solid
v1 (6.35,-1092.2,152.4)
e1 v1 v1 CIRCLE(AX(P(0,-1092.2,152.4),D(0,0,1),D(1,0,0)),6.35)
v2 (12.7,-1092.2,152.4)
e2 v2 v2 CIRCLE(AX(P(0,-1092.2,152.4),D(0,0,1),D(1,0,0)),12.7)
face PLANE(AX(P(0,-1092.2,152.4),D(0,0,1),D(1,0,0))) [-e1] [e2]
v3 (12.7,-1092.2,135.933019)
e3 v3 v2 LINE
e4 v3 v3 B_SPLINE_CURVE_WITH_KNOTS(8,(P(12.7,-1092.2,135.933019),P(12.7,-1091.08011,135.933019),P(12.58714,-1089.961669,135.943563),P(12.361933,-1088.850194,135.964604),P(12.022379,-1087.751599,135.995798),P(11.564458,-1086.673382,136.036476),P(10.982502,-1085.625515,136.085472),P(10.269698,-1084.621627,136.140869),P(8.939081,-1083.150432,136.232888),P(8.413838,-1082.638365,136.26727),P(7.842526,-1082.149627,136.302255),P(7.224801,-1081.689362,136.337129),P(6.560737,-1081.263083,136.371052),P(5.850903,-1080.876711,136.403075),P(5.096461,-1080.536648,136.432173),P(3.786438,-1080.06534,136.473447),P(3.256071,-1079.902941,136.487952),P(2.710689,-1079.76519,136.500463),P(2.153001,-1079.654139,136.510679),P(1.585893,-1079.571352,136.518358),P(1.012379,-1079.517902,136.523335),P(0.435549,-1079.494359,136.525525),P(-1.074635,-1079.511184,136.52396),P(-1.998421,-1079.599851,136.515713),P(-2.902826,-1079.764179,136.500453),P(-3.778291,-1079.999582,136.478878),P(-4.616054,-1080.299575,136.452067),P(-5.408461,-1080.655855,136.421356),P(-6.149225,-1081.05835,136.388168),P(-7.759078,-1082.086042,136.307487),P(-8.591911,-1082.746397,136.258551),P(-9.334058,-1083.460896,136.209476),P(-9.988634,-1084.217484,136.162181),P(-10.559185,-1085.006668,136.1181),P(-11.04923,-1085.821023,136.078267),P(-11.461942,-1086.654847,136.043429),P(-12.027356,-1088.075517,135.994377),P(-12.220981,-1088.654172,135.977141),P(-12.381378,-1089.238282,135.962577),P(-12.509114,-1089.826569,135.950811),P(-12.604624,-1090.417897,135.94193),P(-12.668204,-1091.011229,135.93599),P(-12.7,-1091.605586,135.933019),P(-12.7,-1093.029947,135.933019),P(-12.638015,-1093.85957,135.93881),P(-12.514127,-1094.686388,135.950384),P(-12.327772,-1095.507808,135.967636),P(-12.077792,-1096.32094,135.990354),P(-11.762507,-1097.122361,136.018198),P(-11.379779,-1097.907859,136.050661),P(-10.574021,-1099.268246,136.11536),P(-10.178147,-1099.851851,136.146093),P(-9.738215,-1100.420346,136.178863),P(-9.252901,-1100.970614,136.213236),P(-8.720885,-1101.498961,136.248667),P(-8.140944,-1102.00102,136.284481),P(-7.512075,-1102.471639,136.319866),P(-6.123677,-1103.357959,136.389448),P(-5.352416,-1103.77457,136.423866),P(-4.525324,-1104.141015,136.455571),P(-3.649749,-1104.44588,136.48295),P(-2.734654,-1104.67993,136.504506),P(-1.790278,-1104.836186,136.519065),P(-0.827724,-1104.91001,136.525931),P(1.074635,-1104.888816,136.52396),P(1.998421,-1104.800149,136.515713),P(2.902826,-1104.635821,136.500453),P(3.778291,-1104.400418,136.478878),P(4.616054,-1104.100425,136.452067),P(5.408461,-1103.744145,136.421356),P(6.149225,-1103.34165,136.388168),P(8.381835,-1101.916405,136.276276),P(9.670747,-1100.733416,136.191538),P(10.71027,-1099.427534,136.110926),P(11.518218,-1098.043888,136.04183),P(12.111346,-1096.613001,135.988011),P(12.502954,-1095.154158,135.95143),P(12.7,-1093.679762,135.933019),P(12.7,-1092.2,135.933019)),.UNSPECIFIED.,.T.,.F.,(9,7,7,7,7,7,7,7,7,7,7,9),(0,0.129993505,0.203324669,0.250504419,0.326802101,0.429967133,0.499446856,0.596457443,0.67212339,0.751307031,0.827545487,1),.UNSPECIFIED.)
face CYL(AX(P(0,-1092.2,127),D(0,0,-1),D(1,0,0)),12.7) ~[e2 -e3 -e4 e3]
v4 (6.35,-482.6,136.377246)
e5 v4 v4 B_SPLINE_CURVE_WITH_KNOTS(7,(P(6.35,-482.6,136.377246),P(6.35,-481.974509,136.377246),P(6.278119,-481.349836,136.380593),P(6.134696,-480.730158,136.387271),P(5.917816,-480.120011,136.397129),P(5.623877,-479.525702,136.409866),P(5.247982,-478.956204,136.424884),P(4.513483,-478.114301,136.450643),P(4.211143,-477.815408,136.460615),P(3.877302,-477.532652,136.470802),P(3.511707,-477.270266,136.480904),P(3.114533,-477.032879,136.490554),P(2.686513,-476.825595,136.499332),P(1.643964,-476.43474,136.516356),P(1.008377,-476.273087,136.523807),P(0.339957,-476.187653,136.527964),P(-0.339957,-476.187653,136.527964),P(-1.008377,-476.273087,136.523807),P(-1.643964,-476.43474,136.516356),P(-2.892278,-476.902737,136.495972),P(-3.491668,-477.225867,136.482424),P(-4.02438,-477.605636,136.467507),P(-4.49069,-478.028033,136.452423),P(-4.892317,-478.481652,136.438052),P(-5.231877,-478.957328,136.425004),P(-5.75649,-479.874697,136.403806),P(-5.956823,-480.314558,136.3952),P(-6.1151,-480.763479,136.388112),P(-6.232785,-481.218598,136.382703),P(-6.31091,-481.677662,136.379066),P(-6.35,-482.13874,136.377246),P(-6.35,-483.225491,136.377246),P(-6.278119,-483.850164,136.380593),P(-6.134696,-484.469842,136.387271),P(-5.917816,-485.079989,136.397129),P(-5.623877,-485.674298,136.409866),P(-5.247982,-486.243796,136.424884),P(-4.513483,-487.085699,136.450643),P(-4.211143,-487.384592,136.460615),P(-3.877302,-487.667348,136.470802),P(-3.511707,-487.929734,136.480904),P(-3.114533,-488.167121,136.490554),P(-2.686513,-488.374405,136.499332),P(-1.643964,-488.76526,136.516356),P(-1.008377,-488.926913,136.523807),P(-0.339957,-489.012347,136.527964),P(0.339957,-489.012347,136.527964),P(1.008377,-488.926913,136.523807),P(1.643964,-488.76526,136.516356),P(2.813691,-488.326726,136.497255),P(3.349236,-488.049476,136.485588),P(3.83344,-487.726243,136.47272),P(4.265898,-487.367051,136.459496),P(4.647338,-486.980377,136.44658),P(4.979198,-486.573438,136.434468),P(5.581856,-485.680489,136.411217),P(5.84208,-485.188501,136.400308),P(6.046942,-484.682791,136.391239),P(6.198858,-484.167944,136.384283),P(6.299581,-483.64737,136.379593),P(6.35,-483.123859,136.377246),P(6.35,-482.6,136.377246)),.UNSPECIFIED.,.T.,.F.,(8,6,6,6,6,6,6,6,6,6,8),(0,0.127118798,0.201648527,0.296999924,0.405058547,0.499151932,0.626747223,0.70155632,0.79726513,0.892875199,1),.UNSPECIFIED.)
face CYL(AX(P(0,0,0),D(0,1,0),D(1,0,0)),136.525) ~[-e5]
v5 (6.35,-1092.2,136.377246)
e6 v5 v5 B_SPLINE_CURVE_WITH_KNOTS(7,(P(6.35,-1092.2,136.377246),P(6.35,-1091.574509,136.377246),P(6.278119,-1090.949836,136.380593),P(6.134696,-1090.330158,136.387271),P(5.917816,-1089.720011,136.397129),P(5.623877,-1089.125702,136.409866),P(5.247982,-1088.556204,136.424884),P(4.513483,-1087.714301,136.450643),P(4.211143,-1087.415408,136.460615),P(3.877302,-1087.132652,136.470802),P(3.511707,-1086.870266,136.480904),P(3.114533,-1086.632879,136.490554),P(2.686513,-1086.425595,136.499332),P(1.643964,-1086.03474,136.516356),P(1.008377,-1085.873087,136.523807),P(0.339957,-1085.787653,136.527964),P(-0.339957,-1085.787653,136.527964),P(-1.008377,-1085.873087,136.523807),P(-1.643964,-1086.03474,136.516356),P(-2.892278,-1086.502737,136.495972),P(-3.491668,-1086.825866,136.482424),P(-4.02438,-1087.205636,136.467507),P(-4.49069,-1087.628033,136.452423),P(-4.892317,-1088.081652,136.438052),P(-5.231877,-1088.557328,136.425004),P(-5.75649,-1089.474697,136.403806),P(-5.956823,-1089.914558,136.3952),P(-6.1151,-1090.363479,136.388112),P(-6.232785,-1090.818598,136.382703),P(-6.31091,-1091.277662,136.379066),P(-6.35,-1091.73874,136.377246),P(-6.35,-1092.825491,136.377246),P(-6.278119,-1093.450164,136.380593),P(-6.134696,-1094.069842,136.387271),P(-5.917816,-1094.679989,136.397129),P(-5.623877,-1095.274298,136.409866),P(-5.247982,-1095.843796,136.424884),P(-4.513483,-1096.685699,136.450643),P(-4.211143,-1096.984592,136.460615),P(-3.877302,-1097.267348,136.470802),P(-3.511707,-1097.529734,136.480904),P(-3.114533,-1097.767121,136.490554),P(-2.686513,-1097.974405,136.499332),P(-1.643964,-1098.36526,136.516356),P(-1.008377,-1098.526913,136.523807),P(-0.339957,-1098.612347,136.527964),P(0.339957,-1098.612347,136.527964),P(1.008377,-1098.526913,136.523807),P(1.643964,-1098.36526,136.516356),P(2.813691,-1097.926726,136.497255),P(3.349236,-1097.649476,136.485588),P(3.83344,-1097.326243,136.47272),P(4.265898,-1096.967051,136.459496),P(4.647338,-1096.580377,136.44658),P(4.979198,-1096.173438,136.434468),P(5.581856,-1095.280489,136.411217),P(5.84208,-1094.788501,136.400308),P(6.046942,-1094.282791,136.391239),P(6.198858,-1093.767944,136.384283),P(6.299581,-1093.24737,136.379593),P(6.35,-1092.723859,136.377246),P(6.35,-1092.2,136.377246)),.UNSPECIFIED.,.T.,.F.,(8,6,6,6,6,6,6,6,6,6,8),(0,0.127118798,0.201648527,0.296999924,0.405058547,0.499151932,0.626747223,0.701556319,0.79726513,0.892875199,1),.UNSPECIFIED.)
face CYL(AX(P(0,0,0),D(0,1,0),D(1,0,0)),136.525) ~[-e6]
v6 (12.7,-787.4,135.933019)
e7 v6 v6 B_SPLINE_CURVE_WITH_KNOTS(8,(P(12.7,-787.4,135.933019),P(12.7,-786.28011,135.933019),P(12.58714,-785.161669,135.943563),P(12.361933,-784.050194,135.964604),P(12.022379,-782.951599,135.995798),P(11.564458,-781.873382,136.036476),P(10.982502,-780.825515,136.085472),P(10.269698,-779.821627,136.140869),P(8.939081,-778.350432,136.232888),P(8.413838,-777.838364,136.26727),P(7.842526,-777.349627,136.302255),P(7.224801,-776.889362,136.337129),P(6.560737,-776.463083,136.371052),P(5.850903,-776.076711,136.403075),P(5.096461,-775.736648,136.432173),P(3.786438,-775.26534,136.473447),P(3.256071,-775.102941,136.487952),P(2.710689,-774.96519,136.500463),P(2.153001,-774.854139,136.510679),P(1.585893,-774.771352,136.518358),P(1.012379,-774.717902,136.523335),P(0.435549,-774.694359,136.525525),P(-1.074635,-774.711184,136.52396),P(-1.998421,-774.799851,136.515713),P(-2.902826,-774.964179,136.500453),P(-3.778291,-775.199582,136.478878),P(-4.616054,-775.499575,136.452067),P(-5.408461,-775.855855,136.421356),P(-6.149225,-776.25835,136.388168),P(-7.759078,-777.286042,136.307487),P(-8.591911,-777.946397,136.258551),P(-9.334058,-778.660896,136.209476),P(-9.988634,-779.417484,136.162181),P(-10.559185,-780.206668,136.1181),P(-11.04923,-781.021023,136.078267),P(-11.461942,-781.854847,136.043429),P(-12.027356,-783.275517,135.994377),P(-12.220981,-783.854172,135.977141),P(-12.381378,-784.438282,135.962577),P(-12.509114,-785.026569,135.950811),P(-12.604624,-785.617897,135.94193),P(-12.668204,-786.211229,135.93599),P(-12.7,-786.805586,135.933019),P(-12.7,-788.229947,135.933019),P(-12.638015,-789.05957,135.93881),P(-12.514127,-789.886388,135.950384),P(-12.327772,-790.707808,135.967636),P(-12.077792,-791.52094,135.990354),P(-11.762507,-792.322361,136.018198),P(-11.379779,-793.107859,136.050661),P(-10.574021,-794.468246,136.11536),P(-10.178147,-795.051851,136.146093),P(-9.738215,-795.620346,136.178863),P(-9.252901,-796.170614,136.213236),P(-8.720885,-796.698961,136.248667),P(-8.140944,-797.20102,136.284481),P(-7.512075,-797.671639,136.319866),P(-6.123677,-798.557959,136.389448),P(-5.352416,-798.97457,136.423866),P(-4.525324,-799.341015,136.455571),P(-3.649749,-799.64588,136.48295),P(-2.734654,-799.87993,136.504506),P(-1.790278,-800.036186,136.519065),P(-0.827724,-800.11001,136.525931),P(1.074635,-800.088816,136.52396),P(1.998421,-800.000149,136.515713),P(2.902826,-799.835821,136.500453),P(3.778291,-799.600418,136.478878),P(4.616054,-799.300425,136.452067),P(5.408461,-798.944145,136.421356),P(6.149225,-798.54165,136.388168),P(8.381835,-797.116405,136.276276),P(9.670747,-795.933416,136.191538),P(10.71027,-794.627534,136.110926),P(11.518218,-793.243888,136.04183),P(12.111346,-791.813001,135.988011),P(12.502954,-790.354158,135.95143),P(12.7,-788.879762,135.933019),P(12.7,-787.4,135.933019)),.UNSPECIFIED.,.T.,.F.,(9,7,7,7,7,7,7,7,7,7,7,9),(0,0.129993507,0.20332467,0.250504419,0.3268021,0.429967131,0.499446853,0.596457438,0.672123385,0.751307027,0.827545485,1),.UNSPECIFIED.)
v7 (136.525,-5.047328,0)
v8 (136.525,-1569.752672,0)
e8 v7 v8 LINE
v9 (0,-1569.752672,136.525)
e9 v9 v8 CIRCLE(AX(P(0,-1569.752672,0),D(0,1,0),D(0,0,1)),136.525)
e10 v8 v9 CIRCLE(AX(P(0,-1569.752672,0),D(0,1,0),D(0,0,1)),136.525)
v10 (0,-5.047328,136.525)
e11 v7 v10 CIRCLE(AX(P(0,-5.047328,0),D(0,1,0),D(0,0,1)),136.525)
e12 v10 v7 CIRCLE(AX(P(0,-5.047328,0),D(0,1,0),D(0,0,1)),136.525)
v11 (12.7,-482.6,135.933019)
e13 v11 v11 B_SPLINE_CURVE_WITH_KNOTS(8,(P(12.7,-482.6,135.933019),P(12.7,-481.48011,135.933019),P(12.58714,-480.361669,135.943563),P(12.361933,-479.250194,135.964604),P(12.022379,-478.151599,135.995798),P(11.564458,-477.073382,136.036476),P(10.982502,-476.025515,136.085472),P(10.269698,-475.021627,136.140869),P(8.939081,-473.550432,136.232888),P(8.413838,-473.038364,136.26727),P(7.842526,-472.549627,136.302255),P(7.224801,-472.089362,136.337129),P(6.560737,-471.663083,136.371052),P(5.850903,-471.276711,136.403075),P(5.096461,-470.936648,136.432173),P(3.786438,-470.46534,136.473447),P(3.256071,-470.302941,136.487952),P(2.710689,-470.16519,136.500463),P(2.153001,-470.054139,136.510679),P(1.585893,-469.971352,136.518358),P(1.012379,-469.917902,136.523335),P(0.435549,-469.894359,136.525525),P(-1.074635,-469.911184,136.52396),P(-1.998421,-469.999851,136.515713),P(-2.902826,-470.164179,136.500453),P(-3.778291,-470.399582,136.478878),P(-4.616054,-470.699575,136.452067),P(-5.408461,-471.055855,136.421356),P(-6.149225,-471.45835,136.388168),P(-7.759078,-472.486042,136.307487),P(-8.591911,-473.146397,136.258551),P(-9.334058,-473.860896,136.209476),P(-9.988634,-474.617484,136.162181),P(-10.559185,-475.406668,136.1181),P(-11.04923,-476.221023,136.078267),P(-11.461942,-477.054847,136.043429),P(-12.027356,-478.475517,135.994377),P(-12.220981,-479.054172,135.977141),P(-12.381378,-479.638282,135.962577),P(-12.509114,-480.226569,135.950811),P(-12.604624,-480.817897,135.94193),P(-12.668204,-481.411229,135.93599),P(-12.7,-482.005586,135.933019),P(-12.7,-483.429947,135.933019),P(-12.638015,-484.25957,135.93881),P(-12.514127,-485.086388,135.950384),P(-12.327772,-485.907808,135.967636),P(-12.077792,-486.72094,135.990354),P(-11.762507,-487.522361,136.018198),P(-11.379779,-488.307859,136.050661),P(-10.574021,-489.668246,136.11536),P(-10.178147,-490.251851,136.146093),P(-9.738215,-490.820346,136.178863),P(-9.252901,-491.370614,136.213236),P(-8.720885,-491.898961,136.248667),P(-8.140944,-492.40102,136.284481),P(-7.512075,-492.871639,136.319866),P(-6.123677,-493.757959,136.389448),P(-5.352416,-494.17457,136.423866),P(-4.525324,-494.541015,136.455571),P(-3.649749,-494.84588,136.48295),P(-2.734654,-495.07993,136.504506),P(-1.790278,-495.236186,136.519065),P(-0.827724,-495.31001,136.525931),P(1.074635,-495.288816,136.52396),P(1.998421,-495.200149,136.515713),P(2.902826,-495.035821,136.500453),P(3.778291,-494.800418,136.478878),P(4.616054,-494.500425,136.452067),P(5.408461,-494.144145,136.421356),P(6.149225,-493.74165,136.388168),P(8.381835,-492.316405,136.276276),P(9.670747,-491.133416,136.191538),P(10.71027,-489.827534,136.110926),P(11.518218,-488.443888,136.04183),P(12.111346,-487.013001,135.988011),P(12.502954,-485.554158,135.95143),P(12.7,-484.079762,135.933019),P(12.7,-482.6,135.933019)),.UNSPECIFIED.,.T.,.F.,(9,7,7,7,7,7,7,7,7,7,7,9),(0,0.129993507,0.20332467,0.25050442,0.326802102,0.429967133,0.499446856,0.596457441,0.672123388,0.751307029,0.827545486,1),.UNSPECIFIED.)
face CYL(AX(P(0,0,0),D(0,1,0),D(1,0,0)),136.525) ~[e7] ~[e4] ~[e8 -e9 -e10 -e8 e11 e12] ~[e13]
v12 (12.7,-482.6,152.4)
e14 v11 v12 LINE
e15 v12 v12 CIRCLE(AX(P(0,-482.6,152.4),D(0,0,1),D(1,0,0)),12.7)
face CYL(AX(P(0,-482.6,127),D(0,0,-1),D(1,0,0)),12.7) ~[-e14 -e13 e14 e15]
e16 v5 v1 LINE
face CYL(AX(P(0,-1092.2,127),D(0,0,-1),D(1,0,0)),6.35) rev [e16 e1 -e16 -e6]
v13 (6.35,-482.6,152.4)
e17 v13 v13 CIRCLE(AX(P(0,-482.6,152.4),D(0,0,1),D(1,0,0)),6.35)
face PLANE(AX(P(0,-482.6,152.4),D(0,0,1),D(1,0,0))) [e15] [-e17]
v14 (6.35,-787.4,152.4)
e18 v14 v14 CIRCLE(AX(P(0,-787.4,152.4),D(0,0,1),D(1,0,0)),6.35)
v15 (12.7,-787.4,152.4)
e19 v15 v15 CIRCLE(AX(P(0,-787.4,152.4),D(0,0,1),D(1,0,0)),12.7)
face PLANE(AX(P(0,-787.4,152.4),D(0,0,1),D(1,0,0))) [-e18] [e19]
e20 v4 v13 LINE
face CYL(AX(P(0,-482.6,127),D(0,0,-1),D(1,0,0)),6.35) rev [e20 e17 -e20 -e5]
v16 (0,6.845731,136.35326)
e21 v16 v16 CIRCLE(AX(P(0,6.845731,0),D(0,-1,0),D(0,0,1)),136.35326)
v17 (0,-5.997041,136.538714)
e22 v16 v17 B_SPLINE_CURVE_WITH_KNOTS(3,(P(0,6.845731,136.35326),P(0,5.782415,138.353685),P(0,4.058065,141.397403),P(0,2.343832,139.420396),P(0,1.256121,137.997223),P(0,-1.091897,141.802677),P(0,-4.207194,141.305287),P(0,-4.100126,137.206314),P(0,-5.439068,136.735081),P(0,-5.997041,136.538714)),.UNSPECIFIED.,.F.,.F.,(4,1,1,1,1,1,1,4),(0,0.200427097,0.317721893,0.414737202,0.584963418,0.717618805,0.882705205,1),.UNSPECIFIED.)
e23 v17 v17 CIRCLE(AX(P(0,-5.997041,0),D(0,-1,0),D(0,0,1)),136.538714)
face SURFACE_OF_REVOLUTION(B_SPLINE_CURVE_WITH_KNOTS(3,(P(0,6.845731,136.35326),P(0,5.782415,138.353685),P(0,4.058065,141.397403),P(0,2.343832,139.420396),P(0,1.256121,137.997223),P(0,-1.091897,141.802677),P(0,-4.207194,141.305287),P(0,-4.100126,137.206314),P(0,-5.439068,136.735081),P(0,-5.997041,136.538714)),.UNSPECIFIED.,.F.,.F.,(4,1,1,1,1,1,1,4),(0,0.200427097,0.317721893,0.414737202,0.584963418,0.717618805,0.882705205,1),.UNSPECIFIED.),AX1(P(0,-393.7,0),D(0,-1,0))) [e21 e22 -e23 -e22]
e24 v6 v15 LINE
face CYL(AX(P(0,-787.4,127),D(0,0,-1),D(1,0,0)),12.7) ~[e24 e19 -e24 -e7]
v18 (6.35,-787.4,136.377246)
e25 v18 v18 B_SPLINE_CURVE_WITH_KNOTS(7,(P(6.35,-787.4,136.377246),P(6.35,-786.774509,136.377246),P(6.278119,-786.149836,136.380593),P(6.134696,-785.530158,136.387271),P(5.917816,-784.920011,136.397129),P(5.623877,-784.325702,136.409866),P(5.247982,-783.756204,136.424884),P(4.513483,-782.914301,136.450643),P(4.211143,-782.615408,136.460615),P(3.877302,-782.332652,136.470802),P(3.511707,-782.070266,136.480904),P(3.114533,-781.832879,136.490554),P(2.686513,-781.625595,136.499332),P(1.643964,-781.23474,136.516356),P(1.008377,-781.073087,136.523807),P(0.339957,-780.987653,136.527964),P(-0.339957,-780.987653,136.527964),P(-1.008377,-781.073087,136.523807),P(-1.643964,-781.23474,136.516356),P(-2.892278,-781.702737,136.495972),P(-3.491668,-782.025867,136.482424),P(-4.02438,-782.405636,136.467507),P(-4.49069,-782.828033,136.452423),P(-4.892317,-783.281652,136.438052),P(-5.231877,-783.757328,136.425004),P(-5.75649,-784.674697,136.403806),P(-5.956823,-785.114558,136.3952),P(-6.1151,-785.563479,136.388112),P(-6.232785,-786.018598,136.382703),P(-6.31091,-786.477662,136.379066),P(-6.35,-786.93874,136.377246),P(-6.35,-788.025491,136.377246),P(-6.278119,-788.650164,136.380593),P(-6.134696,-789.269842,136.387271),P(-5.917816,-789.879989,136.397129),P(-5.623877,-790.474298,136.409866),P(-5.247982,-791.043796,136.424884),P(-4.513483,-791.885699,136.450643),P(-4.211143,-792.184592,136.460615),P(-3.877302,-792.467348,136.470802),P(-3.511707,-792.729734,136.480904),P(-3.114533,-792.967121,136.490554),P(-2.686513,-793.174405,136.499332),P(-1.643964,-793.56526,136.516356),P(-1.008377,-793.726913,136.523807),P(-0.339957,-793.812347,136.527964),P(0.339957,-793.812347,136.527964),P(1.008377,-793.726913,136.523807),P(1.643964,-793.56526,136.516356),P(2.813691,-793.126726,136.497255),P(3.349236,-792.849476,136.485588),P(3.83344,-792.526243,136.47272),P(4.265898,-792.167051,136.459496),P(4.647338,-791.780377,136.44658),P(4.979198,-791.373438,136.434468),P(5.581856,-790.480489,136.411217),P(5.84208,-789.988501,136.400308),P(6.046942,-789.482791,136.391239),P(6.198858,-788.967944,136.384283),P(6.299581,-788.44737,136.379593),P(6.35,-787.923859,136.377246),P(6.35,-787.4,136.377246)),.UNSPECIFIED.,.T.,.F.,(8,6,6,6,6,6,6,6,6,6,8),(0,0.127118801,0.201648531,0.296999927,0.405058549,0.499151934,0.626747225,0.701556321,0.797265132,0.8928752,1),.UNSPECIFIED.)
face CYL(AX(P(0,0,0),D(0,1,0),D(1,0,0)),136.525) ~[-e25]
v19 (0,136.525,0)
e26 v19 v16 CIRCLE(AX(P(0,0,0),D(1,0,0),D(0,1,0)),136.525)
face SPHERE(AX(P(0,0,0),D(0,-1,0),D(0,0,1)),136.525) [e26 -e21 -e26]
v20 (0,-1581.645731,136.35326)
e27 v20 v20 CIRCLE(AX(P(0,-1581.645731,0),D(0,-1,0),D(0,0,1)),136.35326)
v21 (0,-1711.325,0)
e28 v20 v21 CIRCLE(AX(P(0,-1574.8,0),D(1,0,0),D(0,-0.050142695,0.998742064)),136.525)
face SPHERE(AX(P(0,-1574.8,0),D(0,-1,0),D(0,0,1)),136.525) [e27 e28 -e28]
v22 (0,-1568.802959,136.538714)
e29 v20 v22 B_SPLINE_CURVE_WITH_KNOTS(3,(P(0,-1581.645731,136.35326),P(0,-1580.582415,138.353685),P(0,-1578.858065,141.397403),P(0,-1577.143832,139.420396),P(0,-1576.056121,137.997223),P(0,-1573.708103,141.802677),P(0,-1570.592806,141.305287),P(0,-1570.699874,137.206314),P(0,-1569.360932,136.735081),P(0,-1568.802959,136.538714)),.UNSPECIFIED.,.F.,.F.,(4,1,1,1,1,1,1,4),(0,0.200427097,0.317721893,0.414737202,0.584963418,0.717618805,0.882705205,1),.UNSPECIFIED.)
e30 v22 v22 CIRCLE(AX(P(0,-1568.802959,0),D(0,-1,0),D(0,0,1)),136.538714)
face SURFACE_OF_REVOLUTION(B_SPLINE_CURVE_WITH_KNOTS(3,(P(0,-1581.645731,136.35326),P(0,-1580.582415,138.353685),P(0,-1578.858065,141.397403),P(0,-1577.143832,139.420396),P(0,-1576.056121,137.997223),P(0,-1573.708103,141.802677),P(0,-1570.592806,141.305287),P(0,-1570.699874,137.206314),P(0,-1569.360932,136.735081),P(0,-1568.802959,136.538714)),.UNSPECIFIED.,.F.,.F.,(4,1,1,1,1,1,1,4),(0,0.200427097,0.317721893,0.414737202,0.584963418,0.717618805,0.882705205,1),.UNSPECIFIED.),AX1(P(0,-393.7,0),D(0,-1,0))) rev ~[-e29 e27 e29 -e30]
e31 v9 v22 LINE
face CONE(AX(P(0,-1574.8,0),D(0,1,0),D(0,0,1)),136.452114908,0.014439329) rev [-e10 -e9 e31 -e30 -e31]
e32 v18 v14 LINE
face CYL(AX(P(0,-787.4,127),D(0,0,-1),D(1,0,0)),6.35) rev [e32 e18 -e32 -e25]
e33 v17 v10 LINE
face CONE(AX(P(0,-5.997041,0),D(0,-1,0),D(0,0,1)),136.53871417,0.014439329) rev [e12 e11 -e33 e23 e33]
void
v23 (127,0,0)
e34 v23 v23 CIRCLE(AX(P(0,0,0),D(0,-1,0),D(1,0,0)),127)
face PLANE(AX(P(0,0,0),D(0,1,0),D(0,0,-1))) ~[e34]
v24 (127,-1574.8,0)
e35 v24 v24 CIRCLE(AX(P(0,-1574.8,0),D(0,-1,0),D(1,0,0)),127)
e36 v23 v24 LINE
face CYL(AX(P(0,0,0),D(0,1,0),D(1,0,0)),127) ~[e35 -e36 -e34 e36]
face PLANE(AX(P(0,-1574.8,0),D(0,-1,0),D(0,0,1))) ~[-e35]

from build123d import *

# Parameters (mm, degrees)
F0_R     = 136.525
F0_R_2   = 127
F1_DEPTH = 1574.8
F5_R     = 12.7
F5_R_2   = 6.35
F6_DEPTH = 25.4


with BuildPart() as f1:
    # F0 (on Front) → F1 (new body)
    with BuildSketch(Plane.XZ):
        Circle(F0_R)
        Circle(F0_R_2, mode=Mode.SUBTRACT)
    extrude(amount=F1_DEPTH)

    # F2 (on Right) → F3 (revolve)
    with BuildSketch(Plane.YZ):
        with BuildLine():
            Line((0, 0), (136.525, 0))
            ThreePointArc((136.525, 0), (98.9284820223, 94.0862958659), (6.8457314447, 136.353260269))
            Line((6.8457314447, 136.353260269), (0, 136.4521149075))
            Line((0, 136.4521149075), (0, 0))
        make_face()
        with BuildLine():
            Line((0, 136.4521149075), (6.8457314447, 136.353260269))
            ThreePointArc((6.8457314447, 136.353260269), (3.423942667, 136.482058314), (0, 136.525))
            Line((0, 136.525), (0, 136.4521149075))
        make_face()
        with BuildLine():
            ThreePointArc((0, 136.525), (3.423942667, 136.482058314), (6.8457314447, 136.353260269))
            add(Edge.make_bspline(
                [(6.8457314447, 136.353260269), (5.7824151022, 138.3536849373), (4.0580651373, 141.3974031645), (2.3438322094, 139.4203961526), (1.2561210215, 137.9972233778), (-1.0918971479, 141.802676565), (-4.2071942491, 141.3052873344), (-4.1001255789, 137.2063143325), (-5.4390684969, 136.7350808217), (-5.9970407747, 136.5387141705)],
                knots=[0, 0, 0, 0, 0.2004270974, 0.3177218929, 0.4147372024, 0.5849634183, 0.717618805, 0.8827052046, 1, 1, 1, 1], degree=3))
            Line((-5.9970407747, 136.5387141705), (0, 136.4521149075))
            Line((0, 136.4521149075), (0, 136.525))
        make_face()
        with BuildLine():
            ThreePointArc((-1574.8, 136.525), (-1578.223942667, 136.482058314), (-1581.6457314447, 136.353260269))
            Line((-1581.6457314447, 136.353260269), (-1574.8, 136.4521149075))
            Line((-1574.8, 136.4521149075), (-1574.8, 136.525))
        make_face()
        with BuildLine():
            Line((-1574.8, 136.4521149075), (-1581.6457314447, 136.353260269))
            ThreePointArc((-1581.6457314447, 136.353260269), (-1673.7284820223, 94.0862958659), (-1711.325, 0))
            Line((-1711.325, 0), (-1574.8, 0))
            Line((-1574.8, 0), (-1574.8, 136.4521149075))
        make_face()
        with BuildLine():
            add(Edge.make_bspline(
                [(-1581.6457314447, 136.353260269), (-1580.5824151022, 138.3536849373), (-1578.8580651373, 141.3974031645), (-1577.1438322094, 139.4203961526), (-1576.0561210215, 137.9972233778), (-1573.7081028521, 141.802676565), (-1570.5928057509, 141.3052873344), (-1570.6998744211, 137.2063143325), (-1569.3609315031, 136.7350808217), (-1568.8029592253, 136.5387141705)],
                knots=[0, 0, 0, 0, 0.2004270974, 0.3177218929, 0.4147372024, 0.5849634183, 0.717618805, 0.8827052046, 1, 1, 1, 1], degree=3))
            ThreePointArc((-1581.6457314447, 136.353260269), (-1578.223942667, 136.482058314), (-1574.8, 136.525))
            Line((-1574.8, 136.525), (-1574.8, 136.4521149075))
            Line((-1574.8, 136.4521149075), (-1568.8029592253, 136.5387141705))
        make_face()
    revolve(axis=Axis((0, -393.7, 0), (0, -1, 0)))

    # F5 (on offset) → F6 (join)
    with BuildSketch(Plane.XY.offset(127)):
        with Locations((0, -787.4)):
            Circle(F5_R)
        with Locations((0, -787.4)):
            Circle(F5_R_2, mode=Mode.SUBTRACT)
        with Locations((0, -482.6)):
            Circle(F5_R)
        with Locations((0, -482.6)):
            Circle(F5_R_2, mode=Mode.SUBTRACT)
        with Locations((0, -1092.2)):
            Circle(F5_R)
        with Locations((0, -1092.2)):
            Circle(F5_R_2, mode=Mode.SUBTRACT)
    extrude(amount=F6_DEPTH)


solid = f1.part
